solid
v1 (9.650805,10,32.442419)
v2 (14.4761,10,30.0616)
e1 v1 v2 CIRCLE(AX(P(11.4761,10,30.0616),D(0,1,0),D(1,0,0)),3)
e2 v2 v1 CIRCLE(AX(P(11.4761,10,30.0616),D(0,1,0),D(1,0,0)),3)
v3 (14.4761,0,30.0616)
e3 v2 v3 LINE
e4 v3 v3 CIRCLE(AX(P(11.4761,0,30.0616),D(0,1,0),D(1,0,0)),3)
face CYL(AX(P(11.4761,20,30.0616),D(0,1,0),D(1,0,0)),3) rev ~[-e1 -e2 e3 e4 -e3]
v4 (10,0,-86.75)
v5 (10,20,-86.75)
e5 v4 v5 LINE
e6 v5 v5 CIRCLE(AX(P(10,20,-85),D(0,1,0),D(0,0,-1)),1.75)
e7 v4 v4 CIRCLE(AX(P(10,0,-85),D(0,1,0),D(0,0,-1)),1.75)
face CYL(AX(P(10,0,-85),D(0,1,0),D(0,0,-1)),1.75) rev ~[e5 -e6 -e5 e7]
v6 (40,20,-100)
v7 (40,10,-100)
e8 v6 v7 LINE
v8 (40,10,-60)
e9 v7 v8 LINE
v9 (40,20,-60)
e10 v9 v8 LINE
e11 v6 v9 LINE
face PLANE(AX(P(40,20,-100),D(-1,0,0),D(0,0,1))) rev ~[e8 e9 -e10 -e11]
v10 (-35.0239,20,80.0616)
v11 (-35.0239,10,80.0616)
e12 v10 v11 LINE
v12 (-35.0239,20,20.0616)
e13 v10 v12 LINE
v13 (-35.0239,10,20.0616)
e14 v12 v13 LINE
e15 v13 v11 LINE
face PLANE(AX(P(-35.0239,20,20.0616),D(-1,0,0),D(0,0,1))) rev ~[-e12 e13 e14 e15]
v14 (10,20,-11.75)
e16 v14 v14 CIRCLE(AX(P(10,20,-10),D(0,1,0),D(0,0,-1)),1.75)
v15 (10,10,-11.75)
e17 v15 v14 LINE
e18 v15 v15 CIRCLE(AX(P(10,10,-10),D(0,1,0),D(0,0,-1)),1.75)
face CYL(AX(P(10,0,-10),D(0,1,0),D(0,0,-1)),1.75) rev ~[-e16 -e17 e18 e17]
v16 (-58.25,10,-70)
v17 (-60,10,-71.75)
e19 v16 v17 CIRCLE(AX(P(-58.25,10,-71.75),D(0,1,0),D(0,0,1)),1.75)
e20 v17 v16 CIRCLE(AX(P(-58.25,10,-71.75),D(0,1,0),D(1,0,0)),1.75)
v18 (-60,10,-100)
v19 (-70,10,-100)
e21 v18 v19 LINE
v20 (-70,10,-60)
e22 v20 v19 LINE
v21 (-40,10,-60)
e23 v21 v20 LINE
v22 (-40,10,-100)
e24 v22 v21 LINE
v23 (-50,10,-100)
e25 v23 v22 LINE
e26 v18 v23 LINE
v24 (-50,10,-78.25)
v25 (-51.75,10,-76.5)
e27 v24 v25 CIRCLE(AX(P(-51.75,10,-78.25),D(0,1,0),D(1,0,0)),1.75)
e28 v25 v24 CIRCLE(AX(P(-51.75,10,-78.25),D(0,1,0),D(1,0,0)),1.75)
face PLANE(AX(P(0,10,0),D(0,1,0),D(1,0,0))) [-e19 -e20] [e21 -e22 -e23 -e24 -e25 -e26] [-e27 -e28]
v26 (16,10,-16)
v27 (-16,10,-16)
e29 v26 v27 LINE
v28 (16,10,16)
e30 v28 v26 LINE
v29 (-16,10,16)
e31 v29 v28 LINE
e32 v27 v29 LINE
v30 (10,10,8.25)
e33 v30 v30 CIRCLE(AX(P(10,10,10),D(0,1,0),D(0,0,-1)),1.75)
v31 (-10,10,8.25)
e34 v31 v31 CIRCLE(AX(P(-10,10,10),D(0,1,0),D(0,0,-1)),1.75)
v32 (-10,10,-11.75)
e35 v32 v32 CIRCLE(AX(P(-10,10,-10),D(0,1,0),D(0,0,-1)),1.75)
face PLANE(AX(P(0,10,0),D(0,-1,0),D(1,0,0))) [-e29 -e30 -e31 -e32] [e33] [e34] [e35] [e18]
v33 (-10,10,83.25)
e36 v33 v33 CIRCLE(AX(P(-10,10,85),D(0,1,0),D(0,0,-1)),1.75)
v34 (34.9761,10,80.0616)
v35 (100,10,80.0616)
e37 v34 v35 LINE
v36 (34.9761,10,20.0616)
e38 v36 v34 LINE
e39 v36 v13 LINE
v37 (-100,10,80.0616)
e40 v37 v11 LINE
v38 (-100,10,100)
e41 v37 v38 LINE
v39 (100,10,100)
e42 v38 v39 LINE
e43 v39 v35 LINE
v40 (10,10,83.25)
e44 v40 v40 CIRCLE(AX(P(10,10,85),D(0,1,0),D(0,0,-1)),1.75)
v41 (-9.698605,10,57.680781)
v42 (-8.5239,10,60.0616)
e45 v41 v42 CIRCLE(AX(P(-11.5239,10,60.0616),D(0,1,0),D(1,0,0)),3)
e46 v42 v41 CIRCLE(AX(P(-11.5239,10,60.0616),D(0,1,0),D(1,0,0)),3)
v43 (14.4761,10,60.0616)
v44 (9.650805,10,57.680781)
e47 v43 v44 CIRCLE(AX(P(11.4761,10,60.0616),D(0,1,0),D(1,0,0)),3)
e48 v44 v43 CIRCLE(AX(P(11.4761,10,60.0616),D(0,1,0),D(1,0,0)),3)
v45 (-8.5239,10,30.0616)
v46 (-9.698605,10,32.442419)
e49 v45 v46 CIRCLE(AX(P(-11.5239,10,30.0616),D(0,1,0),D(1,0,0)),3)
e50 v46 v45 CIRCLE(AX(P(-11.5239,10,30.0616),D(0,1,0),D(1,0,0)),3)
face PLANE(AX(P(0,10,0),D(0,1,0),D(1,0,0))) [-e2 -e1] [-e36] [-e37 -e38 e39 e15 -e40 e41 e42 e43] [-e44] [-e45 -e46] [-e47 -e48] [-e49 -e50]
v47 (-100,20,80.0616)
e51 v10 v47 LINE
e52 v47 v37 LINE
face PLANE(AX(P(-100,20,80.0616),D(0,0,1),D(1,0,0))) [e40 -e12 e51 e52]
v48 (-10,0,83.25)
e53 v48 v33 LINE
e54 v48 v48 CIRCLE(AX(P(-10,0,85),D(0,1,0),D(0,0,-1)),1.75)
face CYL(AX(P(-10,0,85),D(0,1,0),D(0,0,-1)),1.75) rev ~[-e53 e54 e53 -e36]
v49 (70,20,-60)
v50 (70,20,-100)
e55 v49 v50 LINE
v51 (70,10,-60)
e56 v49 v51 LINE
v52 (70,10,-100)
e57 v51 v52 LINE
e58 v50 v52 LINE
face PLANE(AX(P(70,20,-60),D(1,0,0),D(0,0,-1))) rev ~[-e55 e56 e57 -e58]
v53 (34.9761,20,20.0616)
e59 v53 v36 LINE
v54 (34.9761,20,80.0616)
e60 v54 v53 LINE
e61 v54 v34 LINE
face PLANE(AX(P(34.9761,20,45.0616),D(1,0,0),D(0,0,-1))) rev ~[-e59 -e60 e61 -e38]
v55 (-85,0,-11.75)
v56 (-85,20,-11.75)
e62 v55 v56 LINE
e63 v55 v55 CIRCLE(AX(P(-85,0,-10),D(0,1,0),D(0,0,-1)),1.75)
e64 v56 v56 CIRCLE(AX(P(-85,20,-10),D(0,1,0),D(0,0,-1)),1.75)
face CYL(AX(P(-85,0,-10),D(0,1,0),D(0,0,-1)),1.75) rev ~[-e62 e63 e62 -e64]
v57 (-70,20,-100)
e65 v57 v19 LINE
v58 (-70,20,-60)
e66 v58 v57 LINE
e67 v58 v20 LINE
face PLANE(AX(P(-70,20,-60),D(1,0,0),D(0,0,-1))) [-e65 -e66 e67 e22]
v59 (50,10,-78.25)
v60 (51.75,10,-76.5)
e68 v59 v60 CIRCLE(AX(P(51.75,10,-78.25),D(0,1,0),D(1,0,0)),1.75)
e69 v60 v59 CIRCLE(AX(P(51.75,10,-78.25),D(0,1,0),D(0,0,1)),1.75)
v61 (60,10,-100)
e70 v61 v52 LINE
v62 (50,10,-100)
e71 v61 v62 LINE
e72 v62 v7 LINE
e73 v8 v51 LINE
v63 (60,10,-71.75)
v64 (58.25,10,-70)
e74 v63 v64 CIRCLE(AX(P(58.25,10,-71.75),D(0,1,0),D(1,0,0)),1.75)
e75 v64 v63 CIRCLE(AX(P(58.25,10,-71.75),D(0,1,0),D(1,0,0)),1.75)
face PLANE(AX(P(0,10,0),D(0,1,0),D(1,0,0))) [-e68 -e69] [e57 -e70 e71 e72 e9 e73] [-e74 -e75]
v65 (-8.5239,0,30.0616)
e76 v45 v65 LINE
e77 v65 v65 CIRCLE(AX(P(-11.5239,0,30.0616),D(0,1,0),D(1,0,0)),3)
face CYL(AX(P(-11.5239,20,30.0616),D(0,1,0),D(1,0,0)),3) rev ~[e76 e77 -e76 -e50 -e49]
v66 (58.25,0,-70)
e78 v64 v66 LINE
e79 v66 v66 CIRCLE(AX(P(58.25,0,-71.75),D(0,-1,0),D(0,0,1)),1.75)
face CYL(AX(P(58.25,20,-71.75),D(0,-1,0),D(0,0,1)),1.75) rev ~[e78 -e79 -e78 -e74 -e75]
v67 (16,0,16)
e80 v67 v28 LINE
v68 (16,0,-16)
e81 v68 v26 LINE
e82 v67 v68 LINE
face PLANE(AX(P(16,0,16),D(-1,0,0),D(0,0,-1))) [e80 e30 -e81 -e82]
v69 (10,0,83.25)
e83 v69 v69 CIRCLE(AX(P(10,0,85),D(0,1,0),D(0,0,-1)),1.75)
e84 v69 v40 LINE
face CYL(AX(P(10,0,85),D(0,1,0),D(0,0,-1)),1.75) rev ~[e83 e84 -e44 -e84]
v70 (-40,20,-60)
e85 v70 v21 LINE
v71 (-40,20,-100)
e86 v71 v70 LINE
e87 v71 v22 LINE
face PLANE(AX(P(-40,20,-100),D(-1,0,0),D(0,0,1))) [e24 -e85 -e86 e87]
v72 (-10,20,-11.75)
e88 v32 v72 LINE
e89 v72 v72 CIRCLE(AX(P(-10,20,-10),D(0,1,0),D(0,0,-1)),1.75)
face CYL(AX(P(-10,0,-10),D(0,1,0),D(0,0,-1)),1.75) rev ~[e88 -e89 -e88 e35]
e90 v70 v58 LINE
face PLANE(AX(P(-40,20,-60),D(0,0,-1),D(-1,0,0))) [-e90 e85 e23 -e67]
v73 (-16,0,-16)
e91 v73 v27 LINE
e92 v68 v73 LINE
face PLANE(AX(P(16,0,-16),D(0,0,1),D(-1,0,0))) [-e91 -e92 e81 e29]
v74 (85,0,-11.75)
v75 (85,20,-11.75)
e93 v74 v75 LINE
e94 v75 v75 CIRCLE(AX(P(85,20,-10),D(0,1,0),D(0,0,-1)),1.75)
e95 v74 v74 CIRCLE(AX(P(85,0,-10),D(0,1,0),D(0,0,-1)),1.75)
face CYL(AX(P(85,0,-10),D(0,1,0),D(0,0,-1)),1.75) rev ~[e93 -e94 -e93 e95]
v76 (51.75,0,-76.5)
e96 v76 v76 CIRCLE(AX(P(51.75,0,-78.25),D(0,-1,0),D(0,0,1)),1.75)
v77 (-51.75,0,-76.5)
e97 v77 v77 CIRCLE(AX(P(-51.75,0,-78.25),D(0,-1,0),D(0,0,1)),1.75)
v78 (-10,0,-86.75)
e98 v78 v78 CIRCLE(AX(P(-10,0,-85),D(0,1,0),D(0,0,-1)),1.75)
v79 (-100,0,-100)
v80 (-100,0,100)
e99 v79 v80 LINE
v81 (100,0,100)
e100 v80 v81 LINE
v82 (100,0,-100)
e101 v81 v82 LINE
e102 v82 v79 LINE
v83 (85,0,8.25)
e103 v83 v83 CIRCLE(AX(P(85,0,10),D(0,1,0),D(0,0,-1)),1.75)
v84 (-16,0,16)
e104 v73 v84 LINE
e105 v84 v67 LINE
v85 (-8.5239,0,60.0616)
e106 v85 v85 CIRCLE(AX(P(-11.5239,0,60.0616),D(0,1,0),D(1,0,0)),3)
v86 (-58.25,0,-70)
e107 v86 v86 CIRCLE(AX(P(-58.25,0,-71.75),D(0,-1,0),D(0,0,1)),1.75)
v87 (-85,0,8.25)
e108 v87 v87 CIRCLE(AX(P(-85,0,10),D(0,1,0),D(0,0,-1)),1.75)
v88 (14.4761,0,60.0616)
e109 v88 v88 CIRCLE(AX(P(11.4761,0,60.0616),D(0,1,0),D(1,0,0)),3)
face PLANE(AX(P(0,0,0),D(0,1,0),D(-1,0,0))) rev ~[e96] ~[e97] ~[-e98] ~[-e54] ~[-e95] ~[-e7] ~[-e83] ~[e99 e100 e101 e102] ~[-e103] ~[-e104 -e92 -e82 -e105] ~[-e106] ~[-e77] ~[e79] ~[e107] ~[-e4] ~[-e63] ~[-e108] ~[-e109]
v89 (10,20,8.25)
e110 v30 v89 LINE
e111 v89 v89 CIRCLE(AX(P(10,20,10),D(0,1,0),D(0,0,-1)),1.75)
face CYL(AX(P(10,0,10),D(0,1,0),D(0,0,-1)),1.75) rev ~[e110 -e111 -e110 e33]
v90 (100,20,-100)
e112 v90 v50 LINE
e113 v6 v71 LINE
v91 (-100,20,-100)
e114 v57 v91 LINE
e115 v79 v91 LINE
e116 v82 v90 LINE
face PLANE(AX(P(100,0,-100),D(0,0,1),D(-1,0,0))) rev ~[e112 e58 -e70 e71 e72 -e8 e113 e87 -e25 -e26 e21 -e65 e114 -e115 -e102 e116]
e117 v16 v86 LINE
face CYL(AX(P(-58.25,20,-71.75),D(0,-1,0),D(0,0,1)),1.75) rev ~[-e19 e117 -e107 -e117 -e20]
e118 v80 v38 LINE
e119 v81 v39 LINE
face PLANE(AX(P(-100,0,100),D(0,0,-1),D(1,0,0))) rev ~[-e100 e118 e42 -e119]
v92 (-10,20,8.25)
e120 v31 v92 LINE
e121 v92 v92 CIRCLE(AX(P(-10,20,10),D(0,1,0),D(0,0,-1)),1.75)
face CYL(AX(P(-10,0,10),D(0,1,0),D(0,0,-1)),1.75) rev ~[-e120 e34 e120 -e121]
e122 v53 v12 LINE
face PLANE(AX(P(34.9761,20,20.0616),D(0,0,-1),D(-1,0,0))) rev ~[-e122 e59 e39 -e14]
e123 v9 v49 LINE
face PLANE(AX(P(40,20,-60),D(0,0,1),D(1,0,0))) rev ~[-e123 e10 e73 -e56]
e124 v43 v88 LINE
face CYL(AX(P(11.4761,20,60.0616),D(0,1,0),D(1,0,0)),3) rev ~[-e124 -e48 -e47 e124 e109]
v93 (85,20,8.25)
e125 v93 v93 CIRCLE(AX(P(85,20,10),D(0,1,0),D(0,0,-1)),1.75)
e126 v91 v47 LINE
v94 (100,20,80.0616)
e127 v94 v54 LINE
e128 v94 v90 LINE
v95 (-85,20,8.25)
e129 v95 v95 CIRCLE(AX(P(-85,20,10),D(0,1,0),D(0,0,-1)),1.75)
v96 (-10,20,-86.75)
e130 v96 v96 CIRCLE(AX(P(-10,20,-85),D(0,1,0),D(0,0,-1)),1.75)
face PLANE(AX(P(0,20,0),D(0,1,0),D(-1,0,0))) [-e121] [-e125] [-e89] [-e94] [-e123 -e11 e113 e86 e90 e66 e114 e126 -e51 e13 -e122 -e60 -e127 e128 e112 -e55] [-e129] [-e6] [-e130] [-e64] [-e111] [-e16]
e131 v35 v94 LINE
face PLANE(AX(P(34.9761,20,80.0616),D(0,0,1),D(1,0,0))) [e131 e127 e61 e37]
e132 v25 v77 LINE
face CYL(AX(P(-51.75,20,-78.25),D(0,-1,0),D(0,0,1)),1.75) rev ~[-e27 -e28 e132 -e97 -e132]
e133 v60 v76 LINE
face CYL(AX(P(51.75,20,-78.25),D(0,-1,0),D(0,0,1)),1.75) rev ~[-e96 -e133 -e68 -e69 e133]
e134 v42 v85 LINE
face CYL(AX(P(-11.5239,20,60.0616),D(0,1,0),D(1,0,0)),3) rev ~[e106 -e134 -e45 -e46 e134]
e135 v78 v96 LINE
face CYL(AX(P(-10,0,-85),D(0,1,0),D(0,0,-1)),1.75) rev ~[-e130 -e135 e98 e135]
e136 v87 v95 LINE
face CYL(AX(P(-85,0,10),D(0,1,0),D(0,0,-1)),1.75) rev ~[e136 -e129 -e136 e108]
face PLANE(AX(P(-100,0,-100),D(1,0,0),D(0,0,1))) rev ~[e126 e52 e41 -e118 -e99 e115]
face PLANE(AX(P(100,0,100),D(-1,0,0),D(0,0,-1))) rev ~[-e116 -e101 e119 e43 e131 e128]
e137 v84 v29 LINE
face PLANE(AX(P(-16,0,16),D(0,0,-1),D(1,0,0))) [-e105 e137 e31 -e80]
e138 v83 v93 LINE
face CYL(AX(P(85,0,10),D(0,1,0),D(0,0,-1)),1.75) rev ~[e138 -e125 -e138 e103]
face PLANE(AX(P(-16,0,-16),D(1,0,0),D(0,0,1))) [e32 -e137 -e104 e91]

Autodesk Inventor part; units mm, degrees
ref_plane "YZ Plane" through (0, 0, 0) normal (1, 0, 0) x (0, 1, 0)
ref_plane "XZ Plane" through (0, 0, 0) normal (0, 1, 0) x (-1, 0, 0)
ref_plane "XY Plane" through (0, 0, 0) normal (0, 0, 1) x (1, 0, 0)
sketch "Boceto1" plane through (0, 0, 0) normal (0, 1, 0) x (-1, 0, 0)
  line L0 (100, 100) -> (-100, 100)
  line L1 (-100, 100) -> (-100, -100)
  line L2 (-100, -100) -> (100, -100)
  line L3 (100, -100) -> (100, 100)
  line L4 (100, 100) -> (-100, -100) construction
  line L5 (-100, 100) -> (100, -100) construction
  point P0 (0, 0)
  dimension "d0" = 200
  dimension "d1" = 200
extrude "Extrusión1" add sketch "Boceto1" along normal blind 20
sketch "Boceto2" plane through (0, 20, 0) normal (0, 1, 0) x (1, 0, 0)
  circle A0 centre (-11.5239, -30.0616) radius 3
  circle A1 centre (11.4761, -30.0616) radius 3
  circle A2 centre (-11.5239, -60.0616) radius 3
  circle A3 centre (11.4761, -60.0616) radius 3
  line L0 (-0.0239, -45.0616) -> (-35.0239, -45.0616)
  line L1 (-35.0239, -45.0616) -> (-35.0239, -80.0616)
  line L2 (-0.0239, -45.0616) -> (34.9761, -45.0616)
  line L3 (-11.5239, -30.0616) -> (11.4761, -60.0616)
  line L4 (-11.5239, -60.0616) -> (11.4761, -30.0616)
  line L5 (34.9761, -20.0616) -> (-35.0239, -20.0616)
  line L6 (-35.0239, -20.0616) -> (-35.0239, -80.0616)
  line L7 (34.9761, -80.0616) -> (34.9761, -20.0616)
  line L8 (-105, -100.0616) -> (105, -100.0616)
  line L9 (-105.0239, -80.0616) -> (104.9761, -80.0616)
  line L10 (-35.0239, -80.0616) -> (34.9761, -80.0616)
  line L11 (105, -100.0616) -> (95.8154, -100.0616)
  line L12 (-105.0239, -80.0616) -> (104.9761, -80.0616)
  line L13 (105, -80.0616) -> (-105, -80.0616)
  line L14 (-105, -100.0616) -> (105, -100.0616)
  line L15 (105, -90.0616) -> (94.0798, -90.0616)
  line L16 (-105, -100.0616) -> (105, -100.0616)
  line L17 (-105, -80.0616) -> (105, -80.0616)
  line L18 (105, -80.0616) -> (105, -100.0616)
  line L19 (105, -100.0616) -> (-105, -100.0616)
  line L20 (-105, -100.0616) -> (-105, -80.0616)
  line L21 (-100, 100) -> (-100, -100) projected
  line L22 (-100, -100) -> (100.4077, -100)
  point P0 (0, 0)
  point P1 (0, -10.0616)
  point P2 (0, -90.0616)
  point P3 (-0.0478, -80.0616)
  dimension "d4" = 20
  dimension "d5" = 20
  dimension "d6" = 30
  dimension "d7" = 30
  dimension "d8" = 20
  dimension "d9" = 35
  dimension "d10" = 35
  dimension "d11" = 60
extrude "Extrusión2" cut sketch "Boceto2" against normal blind 10
sketch "Boceto3" plane through (0, 20, 0) normal (0, 1, 0) x (1, 0, 0)
  circle A0 centre (-11.5239, -30.0616) radius 3 projected
  circle A1 centre (-11.5239, -30.0616) radius 3
  circle A2 centre (11.4761, -30.0616) radius 3 projected
  circle A3 centre (11.4761, -30.0616) radius 3
  circle A4 centre (11.4761, -60.0616) radius 3 projected
  circle A5 centre (11.4761, -60.0616) radius 3
  circle A6 centre (-11.5239, -60.0616) radius 3
  point P0 (0, 0)
extrude "Extrusión3" cut sketch "Boceto3" against normal blind 20
sketch "Boceto4" plane through (0, 20, 0) normal (0, 1, 0) x (1, 0, 0)
  circle A0 centre (-51.75, 78.25) radius 1.75
  line L0 (-50, 70) -> (-60, 70)
  line L1 (-60, 70) -> (-60, 80)
  line L2 (-60, 80) -> (-50, 80)
  line L3 (-50, 80) -> (-50, 70)
  line L4 (-50, 70) -> (-60, 80) construction
  line L5 (-60, 70) -> (-50, 80) construction
  line L6 (-105, 90) -> (-105, -90)
  circle A1 centre (-58.25, 71.75) radius 1.75
  line L7 (0, 90) -> (0, 77.3124)
  circle A2 centre (51.75, 78.25) radius 1.75
  line L8 (50, 70) -> (60, 70)
  line L9 (60, 70) -> (60, 80)
  line L10 (60, 80) -> (50, 80)
  line L11 (50, 80) -> (50, 70)
  line L12 (50, 70) -> (60, 80) construction
  line L13 (60, 70) -> (50, 80) construction
  circle A3 centre (58.25, 71.75) radius 1.75
  line L14 (100, 100) -> (-100, 100) projected
  line L15 (-100, 100) -> (-100, -80.0616) projected
  line L16 (100, -80.0616) -> (100, 100) projected
  point P0 (0, 0)
  point P1 (0, 0)
  point P2 (-60, 75)
  point P3 (60, 75)
  dimension "d16" = 3.5
  dimension "d18" = 1.75
  dimension "d19" = 1.75
  dimension "d20" = 1.75
  dimension "d21" = 1.75
  dimension "d22" = 10
  dimension "d23" = 10
  dimension "d25" = 20
  dimension "d26" = 40
  dimension "d27" = 40
hole "Agujero1" at (-58.25, 20, -71.75) at (-51.75, 20, -78.25) at (58.25, 20, -71.75) at (51.75, 20, -78.25) direction (0, -1, 0) diameter 3.5 end through all
sketch "Boceto5" plane through (0, 20, 0) normal (0, 1, 0) x (1, 0, 0)
  line L0 (0, 90) -> (0, 68.25)
  circle A0 centre (-51.75, 78.25) radius 1.75 projected
  line L1 (-50, 78.25) -> (-50, 100)
  circle A1 centre (-58.25, 71.75) radius 1.75 projected
  line L2 (-60, 71.75) -> (-60, 100)
  line L3 (-60, 100) -> (-70, 100)
  line L4 (-50, 100) -> (-40, 100)
  line L5 (-40, 100) -> (-40, 60)
  line L6 (-40, 60) -> (-70, 60)
  line L7 (-70, 60) -> (-70, 100)
  line L8 (-70, 100) -> (-40, 100)
  circle A2 centre (51.75, 78.25) radius 1.75
  line L9 (50, 78.25) -> (50, 100)
  circle A3 centre (58.25, 71.75) radius 1.75
  line L10 (60, 71.75) -> (60, 100)
  line L11 (60, 100) -> (70, 100)
  line L12 (50, 100) -> (40, 100)
  line L13 (40, 100) -> (40, 60)
  line L14 (40, 60) -> (70, 60)
  line L15 (70, 60) -> (70, 100)
  line L16 (70, 100) -> (40, 100)
  point P0 (0, 0)
  dimension "d38" = 10
  dimension "d39" = 10
  dimension "d40" = 40
extrude "Extrusión4" cut sketch "Boceto5" against normal blind 10
ref_plane "Plano de trabajo1" through (0, 0, -100) normal (-1, 0, 0) x (0, 0, 1)
ref_plane "Plano de trabajo2" through (100, 0, 0) normal (0, 0, -1) x (-1, 0, 0)
sketch "Boceto7" plane through (0, 0, 0) normal (0, -1, 0) x (1, 0, 0)
  circle A0 centre (10, -10) radius 1.75
  line L0 (6.803, 0) -> (14.6069, 0)
  line L1 (0, 0) -> (0, -4.8284)
  line L2 (0, 0) -> (20.0354, 0)
  circle A1 centre (10, 10) radius 1.75
  line L3 (0, 0) -> (0, 4.8284)
  circle A2 centre (-10, -10) radius 1.75
  circle A3 centre (-10, 10) radius 1.75
  dimension "d52" = 3.5
  dimension "d54" = 10
  dimension "d55" = 10
hole "Agujero2" at (10, 0, -10) at (10, 0, 10) at (-10, 0, 10) at (-10, 0, -10) direction (0, 1, 0) diameter 3.5 end through all
sketch "Boceto8" plane through (0, 0, 0) normal (0, -1, 0) x (1, 0, 0)
  line L0 (-16, 16) -> (16, 16)
  line L1 (16, 16) -> (16, -16)
  line L2 (16, -16) -> (-16, -16)
  line L3 (-16, -16) -> (-16, 16)
  line L4 (-16, 16) -> (16, -16) construction
  line L5 (16, 16) -> (-16, -16) construction
  point P0 (0, 0)
  dimension "d63" = 32
  dimension "d64" = 32
extrude "Extrusión5" cut sketch "Boceto8" against normal blind 10
sketch "Boceto9" plane through (0, 0, 0) normal (0, -1, 0) x (1, 0, 0)
  circle A0 centre (85, -10) radius 1.75
  line L0 (100, 100) -> (100, -100) projected
  line L1 (140, 0) -> (-140, 0) projected
  circle A1 centre (85, 10) radius 1.75
  line L2 (0, 0) -> (0, 9.4908)
  circle A2 centre (-85, -10) radius 1.75
  circle A3 centre (-85, 10) radius 1.75
  line L3 (0, 0) -> (6.3157, 6.3157)
  line L4 (0, 0) -> (8.9318, 0) construction
  circle A4 centre (10, 85) radius 1.75
  circle A5 centre (-10, -85) radius 1.75
  line L5 (0, 0) -> (5.9531, -5.9531)
  line L6 (0, 0) -> (8.419, 0) construction
  circle A6 centre (10, -85) radius 1.75
  circle A7 centre (-10, 85) radius 1.75
  dimension "d67" = 3.5
  dimension "d68" = 15
  dimension "d69" = 10
  dimension "d70" = 45
  dimension "d71" = 45
hole "Agujero3" at (-10, 0, 85) at (10, 0, 85) at (85, 0, 10) at (85, 0, -10) at (-85, 0, 10) at (-85, 0, -10) at (-10, 0, -85) at (10, 0, -85) direction (0, 1, 0) diameter 3.5 end through all
properties part number "base_front_red"
